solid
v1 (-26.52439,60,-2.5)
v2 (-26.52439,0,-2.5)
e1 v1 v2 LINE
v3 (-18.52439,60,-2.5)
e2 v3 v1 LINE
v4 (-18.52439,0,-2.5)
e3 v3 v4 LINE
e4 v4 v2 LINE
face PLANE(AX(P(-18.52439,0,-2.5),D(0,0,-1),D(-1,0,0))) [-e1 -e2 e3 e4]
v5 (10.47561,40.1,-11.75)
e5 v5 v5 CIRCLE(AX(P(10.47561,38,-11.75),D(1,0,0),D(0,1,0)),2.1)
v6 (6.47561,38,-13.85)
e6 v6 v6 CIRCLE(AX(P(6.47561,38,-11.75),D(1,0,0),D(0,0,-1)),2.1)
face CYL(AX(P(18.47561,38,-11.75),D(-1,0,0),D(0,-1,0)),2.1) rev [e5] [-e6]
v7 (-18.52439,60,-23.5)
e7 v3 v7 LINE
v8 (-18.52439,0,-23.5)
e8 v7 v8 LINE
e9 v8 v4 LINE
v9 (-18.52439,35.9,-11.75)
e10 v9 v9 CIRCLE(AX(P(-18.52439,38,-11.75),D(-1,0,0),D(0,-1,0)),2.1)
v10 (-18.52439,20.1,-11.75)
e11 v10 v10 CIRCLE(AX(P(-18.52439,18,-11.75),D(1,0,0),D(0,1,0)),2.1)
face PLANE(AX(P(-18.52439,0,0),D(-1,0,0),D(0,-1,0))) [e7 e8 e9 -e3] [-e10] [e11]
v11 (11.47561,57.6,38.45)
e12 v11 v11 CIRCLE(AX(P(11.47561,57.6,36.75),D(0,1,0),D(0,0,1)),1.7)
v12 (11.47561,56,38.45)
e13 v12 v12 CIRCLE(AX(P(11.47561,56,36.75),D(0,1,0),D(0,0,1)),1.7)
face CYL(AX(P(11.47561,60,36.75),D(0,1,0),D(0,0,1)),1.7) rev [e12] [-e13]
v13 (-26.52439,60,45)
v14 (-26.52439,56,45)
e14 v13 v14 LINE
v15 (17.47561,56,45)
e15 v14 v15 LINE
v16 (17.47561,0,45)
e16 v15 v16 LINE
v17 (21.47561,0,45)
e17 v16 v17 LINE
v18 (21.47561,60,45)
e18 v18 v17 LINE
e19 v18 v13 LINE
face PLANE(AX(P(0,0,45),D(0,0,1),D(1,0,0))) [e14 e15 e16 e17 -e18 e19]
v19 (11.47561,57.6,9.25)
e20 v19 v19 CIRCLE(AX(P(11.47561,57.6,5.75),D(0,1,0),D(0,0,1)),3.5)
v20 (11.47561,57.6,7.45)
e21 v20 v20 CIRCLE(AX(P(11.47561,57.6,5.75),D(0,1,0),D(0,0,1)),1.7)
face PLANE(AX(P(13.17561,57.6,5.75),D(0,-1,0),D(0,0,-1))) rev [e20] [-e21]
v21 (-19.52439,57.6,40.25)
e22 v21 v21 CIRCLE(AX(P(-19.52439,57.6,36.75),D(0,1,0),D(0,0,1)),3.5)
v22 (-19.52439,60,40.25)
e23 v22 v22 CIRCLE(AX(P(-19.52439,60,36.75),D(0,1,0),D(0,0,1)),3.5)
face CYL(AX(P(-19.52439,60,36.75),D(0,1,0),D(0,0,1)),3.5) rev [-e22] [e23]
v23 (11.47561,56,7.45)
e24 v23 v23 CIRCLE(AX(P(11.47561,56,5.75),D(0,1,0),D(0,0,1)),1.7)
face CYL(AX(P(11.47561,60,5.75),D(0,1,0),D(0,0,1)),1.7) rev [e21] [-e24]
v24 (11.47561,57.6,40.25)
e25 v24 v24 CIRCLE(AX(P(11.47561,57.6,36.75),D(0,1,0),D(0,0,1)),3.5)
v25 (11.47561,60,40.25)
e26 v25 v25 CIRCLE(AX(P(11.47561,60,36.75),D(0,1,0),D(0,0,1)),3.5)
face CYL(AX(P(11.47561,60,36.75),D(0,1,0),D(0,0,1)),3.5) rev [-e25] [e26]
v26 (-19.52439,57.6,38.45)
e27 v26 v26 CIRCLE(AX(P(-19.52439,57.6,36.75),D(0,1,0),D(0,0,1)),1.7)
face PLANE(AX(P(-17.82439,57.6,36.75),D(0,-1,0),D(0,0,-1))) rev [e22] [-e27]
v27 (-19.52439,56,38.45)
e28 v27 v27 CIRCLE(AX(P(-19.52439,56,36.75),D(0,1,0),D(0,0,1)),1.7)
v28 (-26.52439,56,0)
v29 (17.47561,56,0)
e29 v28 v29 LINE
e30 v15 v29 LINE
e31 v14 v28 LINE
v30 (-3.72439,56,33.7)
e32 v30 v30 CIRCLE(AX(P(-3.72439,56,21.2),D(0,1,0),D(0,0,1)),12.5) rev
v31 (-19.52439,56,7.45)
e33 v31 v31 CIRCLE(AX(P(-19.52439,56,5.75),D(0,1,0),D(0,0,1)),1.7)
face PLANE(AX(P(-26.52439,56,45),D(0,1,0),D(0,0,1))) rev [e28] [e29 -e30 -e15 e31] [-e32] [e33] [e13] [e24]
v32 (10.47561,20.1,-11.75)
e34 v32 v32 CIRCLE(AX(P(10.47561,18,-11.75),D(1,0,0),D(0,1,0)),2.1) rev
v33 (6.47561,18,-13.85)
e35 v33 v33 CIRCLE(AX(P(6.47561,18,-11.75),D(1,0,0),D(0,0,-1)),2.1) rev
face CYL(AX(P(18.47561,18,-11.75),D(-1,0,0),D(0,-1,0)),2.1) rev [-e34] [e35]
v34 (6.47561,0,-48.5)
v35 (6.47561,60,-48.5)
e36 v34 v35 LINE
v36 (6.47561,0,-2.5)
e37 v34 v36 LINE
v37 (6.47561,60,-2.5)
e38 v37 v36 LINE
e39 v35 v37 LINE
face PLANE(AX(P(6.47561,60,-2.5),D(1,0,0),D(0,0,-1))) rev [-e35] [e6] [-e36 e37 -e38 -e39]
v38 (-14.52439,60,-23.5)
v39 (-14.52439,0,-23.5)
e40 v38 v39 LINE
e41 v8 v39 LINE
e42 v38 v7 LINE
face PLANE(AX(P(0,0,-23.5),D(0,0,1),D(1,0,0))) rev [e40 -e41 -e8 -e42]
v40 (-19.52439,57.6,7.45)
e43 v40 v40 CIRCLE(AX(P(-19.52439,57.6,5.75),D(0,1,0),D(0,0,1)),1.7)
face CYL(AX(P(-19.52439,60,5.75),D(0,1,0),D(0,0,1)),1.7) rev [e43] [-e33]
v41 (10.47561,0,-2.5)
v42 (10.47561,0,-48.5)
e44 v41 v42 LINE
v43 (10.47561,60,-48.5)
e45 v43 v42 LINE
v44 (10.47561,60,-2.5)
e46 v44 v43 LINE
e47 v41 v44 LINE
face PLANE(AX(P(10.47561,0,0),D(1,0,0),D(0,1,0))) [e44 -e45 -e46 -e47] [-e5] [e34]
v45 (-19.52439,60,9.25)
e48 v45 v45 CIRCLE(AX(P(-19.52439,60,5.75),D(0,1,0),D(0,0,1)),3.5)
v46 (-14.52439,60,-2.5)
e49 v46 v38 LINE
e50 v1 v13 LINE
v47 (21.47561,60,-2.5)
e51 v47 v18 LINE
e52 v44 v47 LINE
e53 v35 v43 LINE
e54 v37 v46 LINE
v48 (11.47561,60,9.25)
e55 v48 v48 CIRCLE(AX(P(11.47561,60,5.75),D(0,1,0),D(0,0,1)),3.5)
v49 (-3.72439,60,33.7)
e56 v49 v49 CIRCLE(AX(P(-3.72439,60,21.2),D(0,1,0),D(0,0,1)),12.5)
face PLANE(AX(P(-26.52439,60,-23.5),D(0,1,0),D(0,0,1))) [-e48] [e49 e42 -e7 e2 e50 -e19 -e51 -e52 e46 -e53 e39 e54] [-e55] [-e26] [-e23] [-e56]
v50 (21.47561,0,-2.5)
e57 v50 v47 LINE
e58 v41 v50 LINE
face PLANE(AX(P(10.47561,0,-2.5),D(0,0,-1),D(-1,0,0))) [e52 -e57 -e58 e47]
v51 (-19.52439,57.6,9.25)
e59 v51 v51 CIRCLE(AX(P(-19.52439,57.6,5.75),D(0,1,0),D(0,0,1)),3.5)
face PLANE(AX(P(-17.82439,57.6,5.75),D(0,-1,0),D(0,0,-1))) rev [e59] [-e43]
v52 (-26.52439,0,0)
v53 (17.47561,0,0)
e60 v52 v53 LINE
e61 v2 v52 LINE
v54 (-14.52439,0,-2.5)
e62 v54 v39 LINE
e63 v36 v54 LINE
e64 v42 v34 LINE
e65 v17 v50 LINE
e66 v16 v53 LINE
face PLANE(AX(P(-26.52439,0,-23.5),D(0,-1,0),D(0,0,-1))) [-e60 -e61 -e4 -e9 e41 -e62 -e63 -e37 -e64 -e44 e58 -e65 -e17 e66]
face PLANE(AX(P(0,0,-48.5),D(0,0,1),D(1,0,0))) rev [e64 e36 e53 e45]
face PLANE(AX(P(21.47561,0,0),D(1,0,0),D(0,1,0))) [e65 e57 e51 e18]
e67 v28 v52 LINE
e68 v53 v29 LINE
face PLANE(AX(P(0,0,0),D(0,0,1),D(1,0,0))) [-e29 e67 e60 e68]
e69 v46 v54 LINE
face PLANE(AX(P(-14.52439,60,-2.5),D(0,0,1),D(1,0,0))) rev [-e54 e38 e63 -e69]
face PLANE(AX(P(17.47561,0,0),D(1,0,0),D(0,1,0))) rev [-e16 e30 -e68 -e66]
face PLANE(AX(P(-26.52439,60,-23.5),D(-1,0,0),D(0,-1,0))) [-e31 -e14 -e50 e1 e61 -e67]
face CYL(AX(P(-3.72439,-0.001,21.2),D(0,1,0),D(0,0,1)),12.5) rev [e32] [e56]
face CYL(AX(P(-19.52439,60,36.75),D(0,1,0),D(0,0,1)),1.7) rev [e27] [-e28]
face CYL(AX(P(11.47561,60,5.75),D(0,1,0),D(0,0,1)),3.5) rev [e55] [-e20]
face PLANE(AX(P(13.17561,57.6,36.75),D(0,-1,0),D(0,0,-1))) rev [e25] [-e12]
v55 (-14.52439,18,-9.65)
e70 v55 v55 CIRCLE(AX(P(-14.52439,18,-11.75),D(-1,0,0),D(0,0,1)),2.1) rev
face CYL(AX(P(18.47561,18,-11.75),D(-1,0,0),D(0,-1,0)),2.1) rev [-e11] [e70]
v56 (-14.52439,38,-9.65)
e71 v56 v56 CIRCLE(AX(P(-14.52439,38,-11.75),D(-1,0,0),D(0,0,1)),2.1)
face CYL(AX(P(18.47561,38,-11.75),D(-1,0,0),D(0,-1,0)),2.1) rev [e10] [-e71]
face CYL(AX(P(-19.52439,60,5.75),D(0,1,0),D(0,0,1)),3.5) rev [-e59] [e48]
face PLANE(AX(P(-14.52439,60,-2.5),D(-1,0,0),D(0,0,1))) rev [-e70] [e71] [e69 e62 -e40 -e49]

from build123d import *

# Parameters (mm, degrees)
SKETCH1_W                                           = 45
SKETCH1_H                                           = 60
BOSS_EXTRUDE1_DEPTH                                 = 23.5
SKETCH2_W                                           = 45
SKETCH2_H                                           = 4
BOSS_EXTRUDE2_DEPTH                                 = 45
SKETCH4_W                                           = 21
SKETCH4_H                                           = 21
CUT_EXTRUDE1_DEPTH                                  = 80.552141881
CUT_EXTRUDE2_REACH                                  = 81.552
SKETCH5_R                                           = 12.5
SKETCH13_W                                          = 21
SKETCH13_H                                          = 60
CUT_EXTRUDE3_DEPTH                                  = 8
SKETCH14_W                                          = 21
SKETCH14_H                                          = 60
CUT_EXTRUDE4_DEPTH                                  = 8
SKETCH22_W                                          = 4
SKETCH22_H                                          = 60
BOSS_EXTRUDE6_DEPTH                                 = 25
CBORE_FOR_M3_PAN_HEAD_MACHINE_SCREW1_D              = 3.4
CBORE_FOR_M3_PAN_HEAD_MACHINE_SCREW1_DEPTH          = 4.001
CBORE_FOR_M3_PAN_HEAD_MACHINE_SCREW1_CBORE_D        = 7
CBORE_FOR_M3_PAN_HEAD_MACHINE_SCREW1_CBORE_DEPTH    = 2.4
CBORE_FOR_M3_PAN_HEAD_MACHINE_SCREW1_ON_D           = 3.4
CBORE_FOR_M3_PAN_HEAD_MACHINE_SCREW1_ON_DEPTH       = 4.001
CBORE_FOR_M3_PAN_HEAD_MACHINE_SCREW1_ON_CBORE_D     = 7
CBORE_FOR_M3_PAN_HEAD_MACHINE_SCREW1_ON_CBORE_DEPTH = 2.4
SKETCH16_R                                          = 2.1
CUT_EXTRUDE5_DEPTH                                  = 86.564303305
BOSS_EXTRUDE5_DEPTH                                 = 3
BOSS_EXTRUDE5_DEPTH_BACK                            = 1
SKETCH21_W                                          = 47.5
SKETCH21_H                                          = 60


with BuildPart() as part:
    # Sketch1 → Boss-Extrude1 (new body)
    with BuildSketch(Plane.XY):
        with Locations((-4.024390244, 30)):
            Rectangle(SKETCH1_W, SKETCH1_H)
    extrude(amount=-BOSS_EXTRUDE1_DEPTH)

    # Sketch2 → Boss-Extrude2 (add)
    with BuildSketch(Plane.XY):
        with Locations((-4.024390244, 58)):
            Rectangle(SKETCH2_W, SKETCH2_H)
    extrude(amount=BOSS_EXTRUDE2_DEPTH)

    # Sketch4 → Cut-Extrude1 (cut, through all)
    with BuildSketch(Plane.XZ):
        with Locations((-4.024390244, -13)):
            Rectangle(SKETCH4_W, SKETCH4_H)
    extrude(amount=-CUT_EXTRUDE1_DEPTH, mode=Mode.SUBTRACT)

    # Sketch5 → Cut-Extrude2 (cut, up to next)
    with BuildSketch(Plane(origin=(0, 60, 0), x_dir=(1, 0, 0), z_dir=(0, 1, 0)), mode=Mode.PRIVATE) as cut_extrude2_sk1:
        with Locations(Location((-3.724390244, -21.2, 0), (0, 0, 270))):
            Circle(SKETCH5_R)
    cut_extrude2_tool1 = extrude(cut_extrude2_sk1.sketch, amount=-CUT_EXTRUDE2_REACH, mode=Mode.PRIVATE) & part.part
    add(cut_extrude2_tool1.solids().sort_by_distance((-3.72439, 60, 21.2))[0], mode=Mode.SUBTRACT)

    # Sketch13 → Cut-Extrude3 (cut)
    with BuildSketch(Plane(origin=(18.475609756, 0, 0), x_dir=(0, 0, -1), z_dir=(1, 0, 0))):
        with Locations((13, 30)):
            Rectangle(SKETCH13_W, SKETCH13_H)
    extrude(amount=-CUT_EXTRUDE3_DEPTH, mode=Mode.SUBTRACT)

    # Sketch14 → Cut-Extrude4 (cut)
    with BuildSketch(Plane.ZY.offset(26.524390244)):
        with Locations((-13, 30)):
            Rectangle(SKETCH14_W, SKETCH14_H)
    extrude(amount=-CUT_EXTRUDE4_DEPTH, mode=Mode.SUBTRACT)

    # Sketch22 → Boss-Extrude6 (add)
    with BuildSketch(Plane(origin=(0, 0, -23.5), x_dir=(-1, 0, 0), z_dir=(0, 0, -1))):
        with Locations((-8.475609756, 30)):
            Rectangle(SKETCH22_W, SKETCH22_H)
    extrude(amount=BOSS_EXTRUDE6_DEPTH)

    # CBORE for M3 Pan Head Machine Screw1
    with Locations(Plane(origin=(-19.524390244, 60, 5.75), x_dir=(0, 0, 1), z_dir=(0, 1, 0))):
        with Locations((0, 0), (31, 31), (31, 0), (0, 31)):
            CounterBoreHole(CBORE_FOR_M3_PAN_HEAD_MACHINE_SCREW1_D / 2, CBORE_FOR_M3_PAN_HEAD_MACHINE_SCREW1_CBORE_D / 2, CBORE_FOR_M3_PAN_HEAD_MACHINE_SCREW1_CBORE_DEPTH, depth=CBORE_FOR_M3_PAN_HEAD_MACHINE_SCREW1_DEPTH)

    # CBORE for M3 Pan Head Machine Screw1 on
    with Locations(Plane(origin=(-42.937475152, 0, 35.255713856), x_dir=(0, 0, 1), z_dir=(0, 1, 0))):
        with Locations((0, 0)):
            CounterBoreHole(CBORE_FOR_M3_PAN_HEAD_MACHINE_SCREW1_ON_D / 2, CBORE_FOR_M3_PAN_HEAD_MACHINE_SCREW1_ON_CBORE_D / 2, CBORE_FOR_M3_PAN_HEAD_MACHINE_SCREW1_ON_CBORE_DEPTH, depth=CBORE_FOR_M3_PAN_HEAD_MACHINE_SCREW1_ON_DEPTH)

    # Sketch16 → Cut-Extrude5 (cut, through all)
    with BuildSketch(Plane.ZY.offset(18.524390244)):
        with Locations(Location((-11.75, 38, 0), (0, 0, 270))):
            Circle(SKETCH16_R)
        with Locations((-11.75, 18)):
            Circle(SKETCH16_R)
    extrude(amount=-CUT_EXTRUDE5_DEPTH, mode=Mode.SUBTRACT)

    # Sketch21 → Boss-Extrude5 (add, two sides: drawn at the far end of the back side and taken through both)
    with BuildSketch(Plane(origin=(18.475609756, 0, 0), x_dir=(0, 0, -1), z_dir=(1, 0, 0)).offset(-BOSS_EXTRUDE5_DEPTH_BACK)):
        with Locations((-21.25, 30)):
            Rectangle(SKETCH21_W, SKETCH21_H)
    extrude(amount=BOSS_EXTRUDE5_DEPTH + BOSS_EXTRUDE5_DEPTH_BACK)


solid = part.part
